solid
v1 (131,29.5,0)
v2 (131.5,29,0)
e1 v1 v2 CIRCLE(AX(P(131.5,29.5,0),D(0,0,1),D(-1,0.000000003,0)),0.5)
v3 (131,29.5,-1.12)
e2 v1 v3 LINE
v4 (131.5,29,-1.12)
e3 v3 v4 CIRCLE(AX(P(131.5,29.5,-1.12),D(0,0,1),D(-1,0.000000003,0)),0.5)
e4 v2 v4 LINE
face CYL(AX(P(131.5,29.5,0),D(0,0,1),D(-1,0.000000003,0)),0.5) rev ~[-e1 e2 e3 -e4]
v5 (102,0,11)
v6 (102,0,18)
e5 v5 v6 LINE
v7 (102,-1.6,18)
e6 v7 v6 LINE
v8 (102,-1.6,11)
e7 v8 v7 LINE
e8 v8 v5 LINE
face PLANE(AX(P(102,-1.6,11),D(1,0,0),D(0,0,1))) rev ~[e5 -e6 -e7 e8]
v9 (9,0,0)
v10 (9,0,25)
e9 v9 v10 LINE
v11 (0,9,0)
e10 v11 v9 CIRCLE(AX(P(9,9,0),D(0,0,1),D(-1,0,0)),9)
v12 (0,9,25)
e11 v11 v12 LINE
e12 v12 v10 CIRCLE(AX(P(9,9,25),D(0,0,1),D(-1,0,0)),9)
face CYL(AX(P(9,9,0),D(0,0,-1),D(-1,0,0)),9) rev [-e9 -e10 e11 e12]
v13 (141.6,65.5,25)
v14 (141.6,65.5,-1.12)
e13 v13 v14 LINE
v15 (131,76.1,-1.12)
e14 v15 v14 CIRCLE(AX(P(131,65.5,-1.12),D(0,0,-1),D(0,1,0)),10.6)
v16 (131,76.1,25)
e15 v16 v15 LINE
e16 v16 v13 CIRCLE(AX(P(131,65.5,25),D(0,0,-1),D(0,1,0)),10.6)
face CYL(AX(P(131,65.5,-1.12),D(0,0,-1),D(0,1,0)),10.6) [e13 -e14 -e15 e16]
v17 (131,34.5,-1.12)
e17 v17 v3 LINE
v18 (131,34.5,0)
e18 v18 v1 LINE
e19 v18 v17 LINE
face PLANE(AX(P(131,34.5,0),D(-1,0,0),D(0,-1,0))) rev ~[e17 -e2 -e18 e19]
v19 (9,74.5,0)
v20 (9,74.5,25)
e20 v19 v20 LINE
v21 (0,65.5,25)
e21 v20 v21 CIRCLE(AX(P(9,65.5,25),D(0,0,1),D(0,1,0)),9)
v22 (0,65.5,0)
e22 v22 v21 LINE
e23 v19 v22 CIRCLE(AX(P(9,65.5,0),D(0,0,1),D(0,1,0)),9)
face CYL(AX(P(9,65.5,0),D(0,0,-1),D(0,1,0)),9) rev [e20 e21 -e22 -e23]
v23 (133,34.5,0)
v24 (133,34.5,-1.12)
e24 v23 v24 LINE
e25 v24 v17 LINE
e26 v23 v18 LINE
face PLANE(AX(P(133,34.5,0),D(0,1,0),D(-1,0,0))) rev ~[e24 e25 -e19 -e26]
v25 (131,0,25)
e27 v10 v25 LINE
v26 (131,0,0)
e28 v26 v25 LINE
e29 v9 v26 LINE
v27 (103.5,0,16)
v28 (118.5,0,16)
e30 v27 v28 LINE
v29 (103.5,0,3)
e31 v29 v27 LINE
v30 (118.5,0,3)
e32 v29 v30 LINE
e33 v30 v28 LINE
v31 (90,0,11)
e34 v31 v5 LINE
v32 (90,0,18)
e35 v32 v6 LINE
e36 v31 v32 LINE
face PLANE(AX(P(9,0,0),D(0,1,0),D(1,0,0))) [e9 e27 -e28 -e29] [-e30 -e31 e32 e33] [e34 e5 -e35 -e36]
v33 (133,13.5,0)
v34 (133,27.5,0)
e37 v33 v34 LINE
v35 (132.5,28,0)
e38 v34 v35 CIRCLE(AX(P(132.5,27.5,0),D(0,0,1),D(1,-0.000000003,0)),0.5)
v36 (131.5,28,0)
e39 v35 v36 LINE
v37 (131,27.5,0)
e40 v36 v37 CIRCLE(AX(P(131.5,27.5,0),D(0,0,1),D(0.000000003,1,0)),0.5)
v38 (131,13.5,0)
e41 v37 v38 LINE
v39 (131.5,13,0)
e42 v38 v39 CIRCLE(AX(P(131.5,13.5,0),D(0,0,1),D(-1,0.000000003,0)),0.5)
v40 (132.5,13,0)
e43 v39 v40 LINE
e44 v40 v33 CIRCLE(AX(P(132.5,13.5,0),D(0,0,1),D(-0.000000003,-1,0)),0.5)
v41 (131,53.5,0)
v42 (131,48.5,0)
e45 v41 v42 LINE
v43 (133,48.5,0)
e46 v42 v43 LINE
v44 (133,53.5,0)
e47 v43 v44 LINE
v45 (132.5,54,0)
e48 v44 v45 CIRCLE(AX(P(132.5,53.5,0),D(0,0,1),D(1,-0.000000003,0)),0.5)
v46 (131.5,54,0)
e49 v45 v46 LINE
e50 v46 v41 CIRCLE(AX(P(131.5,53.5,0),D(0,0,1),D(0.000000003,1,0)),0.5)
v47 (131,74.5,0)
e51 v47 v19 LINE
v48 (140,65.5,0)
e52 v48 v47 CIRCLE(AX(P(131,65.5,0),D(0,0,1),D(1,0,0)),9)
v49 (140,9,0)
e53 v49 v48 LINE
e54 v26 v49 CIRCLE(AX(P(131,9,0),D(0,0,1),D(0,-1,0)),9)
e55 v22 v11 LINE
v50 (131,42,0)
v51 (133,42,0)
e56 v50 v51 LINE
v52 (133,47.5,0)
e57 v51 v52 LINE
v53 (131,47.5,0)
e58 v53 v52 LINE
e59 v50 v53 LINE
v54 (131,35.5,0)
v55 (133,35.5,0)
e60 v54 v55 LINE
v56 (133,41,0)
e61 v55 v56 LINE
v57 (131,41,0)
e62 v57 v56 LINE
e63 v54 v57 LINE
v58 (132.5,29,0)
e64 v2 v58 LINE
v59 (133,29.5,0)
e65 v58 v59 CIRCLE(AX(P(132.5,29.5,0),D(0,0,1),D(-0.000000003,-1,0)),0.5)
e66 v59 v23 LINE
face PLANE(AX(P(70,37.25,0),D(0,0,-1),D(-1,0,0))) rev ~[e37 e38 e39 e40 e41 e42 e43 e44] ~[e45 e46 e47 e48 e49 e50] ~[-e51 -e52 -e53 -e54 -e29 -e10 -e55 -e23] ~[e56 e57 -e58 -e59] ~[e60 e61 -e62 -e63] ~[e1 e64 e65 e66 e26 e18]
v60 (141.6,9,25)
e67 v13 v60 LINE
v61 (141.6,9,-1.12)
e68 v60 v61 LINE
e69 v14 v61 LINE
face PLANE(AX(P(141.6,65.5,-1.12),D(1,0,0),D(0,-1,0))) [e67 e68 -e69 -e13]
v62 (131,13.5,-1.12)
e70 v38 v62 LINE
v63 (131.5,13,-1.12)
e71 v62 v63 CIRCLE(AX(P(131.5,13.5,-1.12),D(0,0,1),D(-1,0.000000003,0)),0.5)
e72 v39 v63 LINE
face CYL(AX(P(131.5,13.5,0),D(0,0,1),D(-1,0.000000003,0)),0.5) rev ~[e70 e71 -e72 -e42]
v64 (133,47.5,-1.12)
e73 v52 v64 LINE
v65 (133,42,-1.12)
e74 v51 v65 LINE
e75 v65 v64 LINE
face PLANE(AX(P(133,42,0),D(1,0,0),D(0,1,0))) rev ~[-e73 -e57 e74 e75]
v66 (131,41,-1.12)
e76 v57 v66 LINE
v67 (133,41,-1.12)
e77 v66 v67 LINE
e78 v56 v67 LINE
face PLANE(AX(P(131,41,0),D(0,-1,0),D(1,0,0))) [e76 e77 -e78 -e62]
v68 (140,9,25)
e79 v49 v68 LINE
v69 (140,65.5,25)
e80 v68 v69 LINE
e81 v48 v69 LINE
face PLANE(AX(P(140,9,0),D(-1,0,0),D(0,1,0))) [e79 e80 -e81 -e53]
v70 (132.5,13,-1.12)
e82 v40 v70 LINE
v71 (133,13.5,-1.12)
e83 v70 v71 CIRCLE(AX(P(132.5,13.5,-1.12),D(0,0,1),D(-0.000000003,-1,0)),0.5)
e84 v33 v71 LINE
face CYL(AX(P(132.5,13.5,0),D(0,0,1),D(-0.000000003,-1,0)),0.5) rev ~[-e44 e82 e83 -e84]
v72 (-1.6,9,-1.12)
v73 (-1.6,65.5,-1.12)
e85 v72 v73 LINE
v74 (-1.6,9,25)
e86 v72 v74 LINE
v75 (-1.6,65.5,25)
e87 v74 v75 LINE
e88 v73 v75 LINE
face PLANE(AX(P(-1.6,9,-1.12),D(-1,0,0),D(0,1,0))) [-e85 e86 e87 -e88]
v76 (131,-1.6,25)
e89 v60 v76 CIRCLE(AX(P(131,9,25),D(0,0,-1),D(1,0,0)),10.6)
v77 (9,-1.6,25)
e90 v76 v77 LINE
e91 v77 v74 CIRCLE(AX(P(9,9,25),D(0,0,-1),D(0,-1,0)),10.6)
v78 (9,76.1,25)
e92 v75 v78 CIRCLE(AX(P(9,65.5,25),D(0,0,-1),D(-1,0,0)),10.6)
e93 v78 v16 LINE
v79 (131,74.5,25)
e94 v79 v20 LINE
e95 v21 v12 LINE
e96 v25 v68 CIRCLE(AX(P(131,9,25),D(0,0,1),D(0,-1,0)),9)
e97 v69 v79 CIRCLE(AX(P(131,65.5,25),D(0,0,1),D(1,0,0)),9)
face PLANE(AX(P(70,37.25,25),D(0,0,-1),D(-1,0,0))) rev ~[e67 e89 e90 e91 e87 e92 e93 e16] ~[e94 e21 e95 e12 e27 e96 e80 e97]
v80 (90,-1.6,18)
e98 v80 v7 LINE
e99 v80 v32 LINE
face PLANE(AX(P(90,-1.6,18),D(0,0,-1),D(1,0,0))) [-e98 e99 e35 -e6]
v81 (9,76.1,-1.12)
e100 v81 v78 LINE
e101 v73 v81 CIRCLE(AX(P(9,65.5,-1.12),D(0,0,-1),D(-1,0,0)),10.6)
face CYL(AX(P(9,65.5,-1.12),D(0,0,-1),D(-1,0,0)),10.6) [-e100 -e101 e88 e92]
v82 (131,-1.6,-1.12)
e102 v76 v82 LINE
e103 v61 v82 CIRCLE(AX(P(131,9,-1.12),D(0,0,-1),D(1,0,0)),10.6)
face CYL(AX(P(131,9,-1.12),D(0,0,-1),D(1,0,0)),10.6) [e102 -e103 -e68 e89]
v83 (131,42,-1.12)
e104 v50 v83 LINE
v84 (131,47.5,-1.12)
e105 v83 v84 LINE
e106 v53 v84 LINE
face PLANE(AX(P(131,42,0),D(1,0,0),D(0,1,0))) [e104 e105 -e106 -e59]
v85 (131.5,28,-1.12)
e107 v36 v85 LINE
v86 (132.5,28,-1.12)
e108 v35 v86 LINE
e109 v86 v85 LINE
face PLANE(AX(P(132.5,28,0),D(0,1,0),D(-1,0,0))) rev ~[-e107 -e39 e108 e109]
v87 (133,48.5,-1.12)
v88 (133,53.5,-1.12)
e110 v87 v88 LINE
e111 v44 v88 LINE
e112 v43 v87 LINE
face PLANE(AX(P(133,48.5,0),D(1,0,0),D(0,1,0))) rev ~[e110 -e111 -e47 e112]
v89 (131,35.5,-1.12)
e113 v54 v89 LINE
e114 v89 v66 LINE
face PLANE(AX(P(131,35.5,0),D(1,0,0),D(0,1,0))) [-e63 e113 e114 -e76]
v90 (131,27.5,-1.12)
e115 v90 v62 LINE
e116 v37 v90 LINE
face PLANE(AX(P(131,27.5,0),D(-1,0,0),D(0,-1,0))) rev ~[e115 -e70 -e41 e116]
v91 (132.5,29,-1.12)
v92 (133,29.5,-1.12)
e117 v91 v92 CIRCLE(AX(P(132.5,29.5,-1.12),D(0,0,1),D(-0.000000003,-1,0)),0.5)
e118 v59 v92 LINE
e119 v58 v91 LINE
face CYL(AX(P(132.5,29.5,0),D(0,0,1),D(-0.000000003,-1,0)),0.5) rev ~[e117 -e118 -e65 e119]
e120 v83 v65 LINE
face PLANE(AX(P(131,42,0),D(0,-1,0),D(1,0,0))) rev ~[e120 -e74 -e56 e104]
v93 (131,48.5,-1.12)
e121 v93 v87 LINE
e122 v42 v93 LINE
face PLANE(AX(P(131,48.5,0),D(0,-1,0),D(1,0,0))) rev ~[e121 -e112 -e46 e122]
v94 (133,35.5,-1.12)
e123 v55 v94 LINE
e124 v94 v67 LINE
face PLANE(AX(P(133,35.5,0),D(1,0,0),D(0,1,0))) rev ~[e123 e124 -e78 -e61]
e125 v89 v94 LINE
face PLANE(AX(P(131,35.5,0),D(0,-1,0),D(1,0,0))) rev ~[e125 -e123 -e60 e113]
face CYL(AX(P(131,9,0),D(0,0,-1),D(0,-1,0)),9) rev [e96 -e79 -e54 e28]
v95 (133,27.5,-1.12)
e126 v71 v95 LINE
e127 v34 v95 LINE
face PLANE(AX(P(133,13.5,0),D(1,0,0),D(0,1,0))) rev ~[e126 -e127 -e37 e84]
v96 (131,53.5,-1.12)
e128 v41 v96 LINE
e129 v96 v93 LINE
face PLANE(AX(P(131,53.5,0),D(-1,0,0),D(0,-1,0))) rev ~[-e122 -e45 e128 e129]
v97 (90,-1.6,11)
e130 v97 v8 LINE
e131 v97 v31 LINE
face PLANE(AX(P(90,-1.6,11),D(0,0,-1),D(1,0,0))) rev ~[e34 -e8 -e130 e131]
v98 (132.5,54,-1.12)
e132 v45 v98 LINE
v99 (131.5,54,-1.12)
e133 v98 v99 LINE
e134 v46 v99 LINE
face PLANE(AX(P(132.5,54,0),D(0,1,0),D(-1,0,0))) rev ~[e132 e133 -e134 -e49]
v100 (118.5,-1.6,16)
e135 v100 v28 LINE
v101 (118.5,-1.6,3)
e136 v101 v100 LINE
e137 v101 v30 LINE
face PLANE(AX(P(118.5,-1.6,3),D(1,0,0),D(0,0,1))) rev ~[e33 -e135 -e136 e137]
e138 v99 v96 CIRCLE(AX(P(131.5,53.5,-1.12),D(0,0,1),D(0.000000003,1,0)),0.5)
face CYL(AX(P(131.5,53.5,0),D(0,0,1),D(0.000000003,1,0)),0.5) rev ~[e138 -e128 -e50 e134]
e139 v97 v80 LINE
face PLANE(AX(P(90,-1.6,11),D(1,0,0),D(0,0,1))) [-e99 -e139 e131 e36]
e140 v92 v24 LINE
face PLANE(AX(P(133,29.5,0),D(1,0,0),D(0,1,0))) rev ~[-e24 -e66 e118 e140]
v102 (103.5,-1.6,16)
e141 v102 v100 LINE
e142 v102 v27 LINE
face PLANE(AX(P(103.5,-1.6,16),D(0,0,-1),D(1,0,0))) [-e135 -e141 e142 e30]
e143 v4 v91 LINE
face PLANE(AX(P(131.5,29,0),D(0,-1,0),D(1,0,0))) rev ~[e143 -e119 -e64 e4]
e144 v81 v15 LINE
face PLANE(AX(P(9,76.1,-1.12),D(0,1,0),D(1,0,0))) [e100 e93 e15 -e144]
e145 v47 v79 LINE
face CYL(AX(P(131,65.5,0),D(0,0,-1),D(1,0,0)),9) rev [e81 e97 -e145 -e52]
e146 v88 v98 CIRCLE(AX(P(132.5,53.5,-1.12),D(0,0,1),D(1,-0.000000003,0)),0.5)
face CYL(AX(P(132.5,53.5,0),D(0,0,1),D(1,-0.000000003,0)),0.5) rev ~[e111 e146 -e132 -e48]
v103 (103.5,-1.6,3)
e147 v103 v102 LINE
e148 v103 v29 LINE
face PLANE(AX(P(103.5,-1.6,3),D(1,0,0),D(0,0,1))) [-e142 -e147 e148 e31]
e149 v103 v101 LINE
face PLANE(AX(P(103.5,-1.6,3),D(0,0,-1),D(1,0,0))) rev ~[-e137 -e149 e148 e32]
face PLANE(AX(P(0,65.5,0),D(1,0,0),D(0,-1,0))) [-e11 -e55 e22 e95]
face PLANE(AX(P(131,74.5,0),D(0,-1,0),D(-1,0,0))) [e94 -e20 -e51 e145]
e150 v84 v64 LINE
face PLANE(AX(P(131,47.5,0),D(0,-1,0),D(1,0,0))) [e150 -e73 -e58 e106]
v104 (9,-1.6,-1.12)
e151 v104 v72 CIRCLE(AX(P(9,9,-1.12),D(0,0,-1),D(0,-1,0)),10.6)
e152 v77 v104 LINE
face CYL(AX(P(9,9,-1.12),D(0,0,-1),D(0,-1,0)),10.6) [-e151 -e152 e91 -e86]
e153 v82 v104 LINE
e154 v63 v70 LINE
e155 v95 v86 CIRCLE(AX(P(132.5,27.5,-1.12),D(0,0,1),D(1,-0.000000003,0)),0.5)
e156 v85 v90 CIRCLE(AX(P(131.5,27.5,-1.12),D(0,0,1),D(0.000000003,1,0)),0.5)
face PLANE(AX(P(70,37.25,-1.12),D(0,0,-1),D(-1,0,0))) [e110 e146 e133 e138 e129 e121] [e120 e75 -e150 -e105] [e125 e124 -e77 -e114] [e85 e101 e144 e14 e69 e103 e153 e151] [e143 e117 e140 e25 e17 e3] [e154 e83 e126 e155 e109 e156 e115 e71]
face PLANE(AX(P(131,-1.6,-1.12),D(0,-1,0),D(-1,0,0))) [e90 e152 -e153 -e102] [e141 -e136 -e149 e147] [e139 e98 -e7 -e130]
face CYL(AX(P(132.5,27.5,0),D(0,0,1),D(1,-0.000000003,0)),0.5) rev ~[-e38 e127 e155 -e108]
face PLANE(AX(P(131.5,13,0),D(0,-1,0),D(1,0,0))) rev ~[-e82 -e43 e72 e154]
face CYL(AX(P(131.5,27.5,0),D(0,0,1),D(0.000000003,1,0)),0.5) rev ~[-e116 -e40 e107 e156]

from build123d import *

# Parameters (mm, degrees)
PARED_DEPTH           = 25
CONECTORES_REACH      = 165.441
CROQUIS2_W            = 15
CROQUIS2_H            = 13
CROQUIS2_W_2          = 12
CROQUIS2_H_2          = 7
BASE_START            = -1.12
BASE_FRENTE_DEPTH     = 1.12
CORTAR_EXTRUIR2_REACH = 164.686
CROQUIS3_W            = 2
CROQUIS3_H            = 5.5


with BuildPart() as part:
    # Croquis1 → pared (new body)
    with BuildSketch(Plane.XY):
        with BuildLine():
            Line((9, 76.1), (131, 76.1))
            ThreePointArc((131, 76.1), (138.495331881, 72.995331881), (141.6, 65.5))
            Line((141.6, 65.5), (141.6, 9))
            ThreePointArc((141.6, 9), (138.495331881, 1.504668119), (131, -1.6))
            Line((131, -1.6), (9, -1.6))
            ThreePointArc((9, -1.6), (1.504668119, 1.504668119), (-1.6, 9))
            Line((-1.6, 9), (-1.6, 65.5))
            ThreePointArc((-1.6, 65.5), (1.504668119, 72.995331881), (9, 76.1))
        make_face()
        with BuildLine():
            Line((9, 0), (131, 0))
            ThreePointArc((131, 0), (137.363961031, 2.636038969), (140, 9))
            Line((140, 9), (140, 65.5))
            ThreePointArc((140, 65.5), (137.363961031, 71.863961031), (131, 74.5))
            Line((131, 74.5), (9, 74.5))
            ThreePointArc((9, 74.5), (2.636038969, 71.863961031), (0, 65.5))
            Line((0, 65.5), (0, 9))
            ThreePointArc((0, 9), (2.636038969, 2.636038969), (9, 0))
        make_face(mode=Mode.SUBTRACT)
    extrude(amount=PARED_DEPTH)

    # Croquis2 → conectores (cut, up to next)
    with BuildSketch(Plane.XZ.offset(1.6), mode=Mode.PRIVATE) as conectores_sk1:
        with Locations((111, 9.5)):
            Rectangle(CROQUIS2_W, CROQUIS2_H)
    conectores_tool1 = extrude(conectores_sk1.sketch, amount=-CONECTORES_REACH, mode=Mode.PRIVATE) & part.part
    # Croquis2 → conectores (cut, up to next)
    with BuildSketch(Plane.XZ.offset(1.6), mode=Mode.PRIVATE) as conectores_sk2:
        with Locations((96, 14.5)):
            Rectangle(CROQUIS2_W_2, CROQUIS2_H_2)
    conectores_tool2 = extrude(conectores_sk2.sketch, amount=-CONECTORES_REACH, mode=Mode.PRIVATE) & part.part
    add(conectores_tool1.solids().sort_by_distance((111, -1.6, 9.5))[0], mode=Mode.SUBTRACT)
    add(conectores_tool2.solids().sort_by_distance((96, -1.6, 14.5))[0], mode=Mode.SUBTRACT)

    # Croquis1<2> → base frente (add)
    with BuildSketch(Plane.XY.offset(BASE_START)):
        with BuildLine():
            Line((9, 76.1), (131, 76.1))
            ThreePointArc((131, 76.1), (138.495331881, 72.995331881), (141.6, 65.5))
            Line((141.6, 65.5), (141.6, 9))
            ThreePointArc((141.6, 9), (138.495331881, 1.504668119), (131, -1.6))
            Line((131, -1.6), (9, -1.6))
            ThreePointArc((9, -1.6), (1.504668119, 1.504668119), (-1.6, 9))
            Line((-1.6, 9), (-1.6, 65.5))
            ThreePointArc((-1.6, 65.5), (1.504668119, 72.995331881), (9, 76.1))
        make_face()
    extrude(amount=BASE_FRENTE_DEPTH)

    # Croquis3 → Cortar-Extruir2 (cut, up to next)
    with BuildSketch(Plane.XY, mode=Mode.PRIVATE) as cortar_extruir2_sk1:
        with Locations((132, 38.25)):
            Rectangle(CROQUIS3_W, CROQUIS3_H)
    cortar_extruir2_tool1 = extrude(cortar_extruir2_sk1.sketch, amount=-CORTAR_EXTRUIR2_REACH, mode=Mode.PRIVATE) & part.part
    # Croquis3 → Cortar-Extruir2 (cut, up to next)
    with BuildSketch(Plane.XY, mode=Mode.PRIVATE) as cortar_extruir2_sk2:
        with BuildLine():
            Line((133, 34.5), (131, 34.5))
            Line((131, 34.5), (131, 29.5))
            ThreePointArc((131, 29.5), (131.146446609, 29.146446609), (131.5, 29))
            Line((131.5, 29), (132.5, 29))
            ThreePointArc((132.5, 29), (132.853553391, 29.146446609), (133, 29.5))
            Line((133, 29.5), (133, 34.5))
        make_face()
    cortar_extruir2_tool2 = extrude(cortar_extruir2_sk2.sketch, amount=-CORTAR_EXTRUIR2_REACH, mode=Mode.PRIVATE) & part.part
    # Croquis3 → Cortar-Extruir2 (cut, up to next)
    with BuildSketch(Plane.XY, mode=Mode.PRIVATE) as cortar_extruir2_sk3:
        with Locations((132, 44.75)):
            Rectangle(CROQUIS3_W, CROQUIS3_H)
    cortar_extruir2_tool3 = extrude(cortar_extruir2_sk3.sketch, amount=-CORTAR_EXTRUIR2_REACH, mode=Mode.PRIVATE) & part.part
    # Croquis3 → Cortar-Extruir2 (cut, up to next)
    with BuildSketch(Plane.XY, mode=Mode.PRIVATE) as cortar_extruir2_sk4:
        with BuildLine():
            Line((131, 53.5), (131, 48.5))
            Line((131, 48.5), (133, 48.5))
            Line((133, 48.5), (133, 53.5))
            ThreePointArc((133, 53.5), (132.853553391, 53.853553391), (132.5, 54))
            Line((132.5, 54), (131.5, 54))
            ThreePointArc((131.5, 54), (131.146446609, 53.853553391), (131, 53.5))
        make_face()
    cortar_extruir2_tool4 = extrude(cortar_extruir2_sk4.sketch, amount=-CORTAR_EXTRUIR2_REACH, mode=Mode.PRIVATE) & part.part
    # Croquis3 → Cortar-Extruir2 (cut, up to next)
    with BuildSketch(Plane.XY, mode=Mode.PRIVATE) as cortar_extruir2_sk5:
        with BuildLine():
            Line((132.5, 28), (131.5, 28))
            ThreePointArc((131.5, 28), (131.146446609, 27.853553391), (131, 27.5))
            Line((131, 27.5), (131, 13.5))
            ThreePointArc((131, 13.5), (131.146446609, 13.146446609), (131.5, 13))
            Line((131.5, 13), (132.5, 13))
            ThreePointArc((132.5, 13), (132.853553391, 13.146446609), (133, 13.5))
            Line((133, 13.5), (133, 27.5))
            ThreePointArc((133, 27.5), (132.853553391, 27.853553391), (132.5, 28))
        make_face()
    cortar_extruir2_tool5 = extrude(cortar_extruir2_sk5.sketch, amount=-CORTAR_EXTRUIR2_REACH, mode=Mode.PRIVATE) & part.part
    add(cortar_extruir2_tool1.solids().sort_by_distance((132, 38.25, 0))[0], mode=Mode.SUBTRACT)
    add(cortar_extruir2_tool2.solids().sort_by_distance((132, 31.775989, 0))[0], mode=Mode.SUBTRACT)
    add(cortar_extruir2_tool3.solids().sort_by_distance((132, 44.75, 0))[0], mode=Mode.SUBTRACT)
    add(cortar_extruir2_tool4.solids().sort_by_distance((132, 51.224011, 0))[0], mode=Mode.SUBTRACT)
    add(cortar_extruir2_tool5.solids().sort_by_distance((132, 20.5, 0))[0], mode=Mode.SUBTRACT)


solid = part.part
